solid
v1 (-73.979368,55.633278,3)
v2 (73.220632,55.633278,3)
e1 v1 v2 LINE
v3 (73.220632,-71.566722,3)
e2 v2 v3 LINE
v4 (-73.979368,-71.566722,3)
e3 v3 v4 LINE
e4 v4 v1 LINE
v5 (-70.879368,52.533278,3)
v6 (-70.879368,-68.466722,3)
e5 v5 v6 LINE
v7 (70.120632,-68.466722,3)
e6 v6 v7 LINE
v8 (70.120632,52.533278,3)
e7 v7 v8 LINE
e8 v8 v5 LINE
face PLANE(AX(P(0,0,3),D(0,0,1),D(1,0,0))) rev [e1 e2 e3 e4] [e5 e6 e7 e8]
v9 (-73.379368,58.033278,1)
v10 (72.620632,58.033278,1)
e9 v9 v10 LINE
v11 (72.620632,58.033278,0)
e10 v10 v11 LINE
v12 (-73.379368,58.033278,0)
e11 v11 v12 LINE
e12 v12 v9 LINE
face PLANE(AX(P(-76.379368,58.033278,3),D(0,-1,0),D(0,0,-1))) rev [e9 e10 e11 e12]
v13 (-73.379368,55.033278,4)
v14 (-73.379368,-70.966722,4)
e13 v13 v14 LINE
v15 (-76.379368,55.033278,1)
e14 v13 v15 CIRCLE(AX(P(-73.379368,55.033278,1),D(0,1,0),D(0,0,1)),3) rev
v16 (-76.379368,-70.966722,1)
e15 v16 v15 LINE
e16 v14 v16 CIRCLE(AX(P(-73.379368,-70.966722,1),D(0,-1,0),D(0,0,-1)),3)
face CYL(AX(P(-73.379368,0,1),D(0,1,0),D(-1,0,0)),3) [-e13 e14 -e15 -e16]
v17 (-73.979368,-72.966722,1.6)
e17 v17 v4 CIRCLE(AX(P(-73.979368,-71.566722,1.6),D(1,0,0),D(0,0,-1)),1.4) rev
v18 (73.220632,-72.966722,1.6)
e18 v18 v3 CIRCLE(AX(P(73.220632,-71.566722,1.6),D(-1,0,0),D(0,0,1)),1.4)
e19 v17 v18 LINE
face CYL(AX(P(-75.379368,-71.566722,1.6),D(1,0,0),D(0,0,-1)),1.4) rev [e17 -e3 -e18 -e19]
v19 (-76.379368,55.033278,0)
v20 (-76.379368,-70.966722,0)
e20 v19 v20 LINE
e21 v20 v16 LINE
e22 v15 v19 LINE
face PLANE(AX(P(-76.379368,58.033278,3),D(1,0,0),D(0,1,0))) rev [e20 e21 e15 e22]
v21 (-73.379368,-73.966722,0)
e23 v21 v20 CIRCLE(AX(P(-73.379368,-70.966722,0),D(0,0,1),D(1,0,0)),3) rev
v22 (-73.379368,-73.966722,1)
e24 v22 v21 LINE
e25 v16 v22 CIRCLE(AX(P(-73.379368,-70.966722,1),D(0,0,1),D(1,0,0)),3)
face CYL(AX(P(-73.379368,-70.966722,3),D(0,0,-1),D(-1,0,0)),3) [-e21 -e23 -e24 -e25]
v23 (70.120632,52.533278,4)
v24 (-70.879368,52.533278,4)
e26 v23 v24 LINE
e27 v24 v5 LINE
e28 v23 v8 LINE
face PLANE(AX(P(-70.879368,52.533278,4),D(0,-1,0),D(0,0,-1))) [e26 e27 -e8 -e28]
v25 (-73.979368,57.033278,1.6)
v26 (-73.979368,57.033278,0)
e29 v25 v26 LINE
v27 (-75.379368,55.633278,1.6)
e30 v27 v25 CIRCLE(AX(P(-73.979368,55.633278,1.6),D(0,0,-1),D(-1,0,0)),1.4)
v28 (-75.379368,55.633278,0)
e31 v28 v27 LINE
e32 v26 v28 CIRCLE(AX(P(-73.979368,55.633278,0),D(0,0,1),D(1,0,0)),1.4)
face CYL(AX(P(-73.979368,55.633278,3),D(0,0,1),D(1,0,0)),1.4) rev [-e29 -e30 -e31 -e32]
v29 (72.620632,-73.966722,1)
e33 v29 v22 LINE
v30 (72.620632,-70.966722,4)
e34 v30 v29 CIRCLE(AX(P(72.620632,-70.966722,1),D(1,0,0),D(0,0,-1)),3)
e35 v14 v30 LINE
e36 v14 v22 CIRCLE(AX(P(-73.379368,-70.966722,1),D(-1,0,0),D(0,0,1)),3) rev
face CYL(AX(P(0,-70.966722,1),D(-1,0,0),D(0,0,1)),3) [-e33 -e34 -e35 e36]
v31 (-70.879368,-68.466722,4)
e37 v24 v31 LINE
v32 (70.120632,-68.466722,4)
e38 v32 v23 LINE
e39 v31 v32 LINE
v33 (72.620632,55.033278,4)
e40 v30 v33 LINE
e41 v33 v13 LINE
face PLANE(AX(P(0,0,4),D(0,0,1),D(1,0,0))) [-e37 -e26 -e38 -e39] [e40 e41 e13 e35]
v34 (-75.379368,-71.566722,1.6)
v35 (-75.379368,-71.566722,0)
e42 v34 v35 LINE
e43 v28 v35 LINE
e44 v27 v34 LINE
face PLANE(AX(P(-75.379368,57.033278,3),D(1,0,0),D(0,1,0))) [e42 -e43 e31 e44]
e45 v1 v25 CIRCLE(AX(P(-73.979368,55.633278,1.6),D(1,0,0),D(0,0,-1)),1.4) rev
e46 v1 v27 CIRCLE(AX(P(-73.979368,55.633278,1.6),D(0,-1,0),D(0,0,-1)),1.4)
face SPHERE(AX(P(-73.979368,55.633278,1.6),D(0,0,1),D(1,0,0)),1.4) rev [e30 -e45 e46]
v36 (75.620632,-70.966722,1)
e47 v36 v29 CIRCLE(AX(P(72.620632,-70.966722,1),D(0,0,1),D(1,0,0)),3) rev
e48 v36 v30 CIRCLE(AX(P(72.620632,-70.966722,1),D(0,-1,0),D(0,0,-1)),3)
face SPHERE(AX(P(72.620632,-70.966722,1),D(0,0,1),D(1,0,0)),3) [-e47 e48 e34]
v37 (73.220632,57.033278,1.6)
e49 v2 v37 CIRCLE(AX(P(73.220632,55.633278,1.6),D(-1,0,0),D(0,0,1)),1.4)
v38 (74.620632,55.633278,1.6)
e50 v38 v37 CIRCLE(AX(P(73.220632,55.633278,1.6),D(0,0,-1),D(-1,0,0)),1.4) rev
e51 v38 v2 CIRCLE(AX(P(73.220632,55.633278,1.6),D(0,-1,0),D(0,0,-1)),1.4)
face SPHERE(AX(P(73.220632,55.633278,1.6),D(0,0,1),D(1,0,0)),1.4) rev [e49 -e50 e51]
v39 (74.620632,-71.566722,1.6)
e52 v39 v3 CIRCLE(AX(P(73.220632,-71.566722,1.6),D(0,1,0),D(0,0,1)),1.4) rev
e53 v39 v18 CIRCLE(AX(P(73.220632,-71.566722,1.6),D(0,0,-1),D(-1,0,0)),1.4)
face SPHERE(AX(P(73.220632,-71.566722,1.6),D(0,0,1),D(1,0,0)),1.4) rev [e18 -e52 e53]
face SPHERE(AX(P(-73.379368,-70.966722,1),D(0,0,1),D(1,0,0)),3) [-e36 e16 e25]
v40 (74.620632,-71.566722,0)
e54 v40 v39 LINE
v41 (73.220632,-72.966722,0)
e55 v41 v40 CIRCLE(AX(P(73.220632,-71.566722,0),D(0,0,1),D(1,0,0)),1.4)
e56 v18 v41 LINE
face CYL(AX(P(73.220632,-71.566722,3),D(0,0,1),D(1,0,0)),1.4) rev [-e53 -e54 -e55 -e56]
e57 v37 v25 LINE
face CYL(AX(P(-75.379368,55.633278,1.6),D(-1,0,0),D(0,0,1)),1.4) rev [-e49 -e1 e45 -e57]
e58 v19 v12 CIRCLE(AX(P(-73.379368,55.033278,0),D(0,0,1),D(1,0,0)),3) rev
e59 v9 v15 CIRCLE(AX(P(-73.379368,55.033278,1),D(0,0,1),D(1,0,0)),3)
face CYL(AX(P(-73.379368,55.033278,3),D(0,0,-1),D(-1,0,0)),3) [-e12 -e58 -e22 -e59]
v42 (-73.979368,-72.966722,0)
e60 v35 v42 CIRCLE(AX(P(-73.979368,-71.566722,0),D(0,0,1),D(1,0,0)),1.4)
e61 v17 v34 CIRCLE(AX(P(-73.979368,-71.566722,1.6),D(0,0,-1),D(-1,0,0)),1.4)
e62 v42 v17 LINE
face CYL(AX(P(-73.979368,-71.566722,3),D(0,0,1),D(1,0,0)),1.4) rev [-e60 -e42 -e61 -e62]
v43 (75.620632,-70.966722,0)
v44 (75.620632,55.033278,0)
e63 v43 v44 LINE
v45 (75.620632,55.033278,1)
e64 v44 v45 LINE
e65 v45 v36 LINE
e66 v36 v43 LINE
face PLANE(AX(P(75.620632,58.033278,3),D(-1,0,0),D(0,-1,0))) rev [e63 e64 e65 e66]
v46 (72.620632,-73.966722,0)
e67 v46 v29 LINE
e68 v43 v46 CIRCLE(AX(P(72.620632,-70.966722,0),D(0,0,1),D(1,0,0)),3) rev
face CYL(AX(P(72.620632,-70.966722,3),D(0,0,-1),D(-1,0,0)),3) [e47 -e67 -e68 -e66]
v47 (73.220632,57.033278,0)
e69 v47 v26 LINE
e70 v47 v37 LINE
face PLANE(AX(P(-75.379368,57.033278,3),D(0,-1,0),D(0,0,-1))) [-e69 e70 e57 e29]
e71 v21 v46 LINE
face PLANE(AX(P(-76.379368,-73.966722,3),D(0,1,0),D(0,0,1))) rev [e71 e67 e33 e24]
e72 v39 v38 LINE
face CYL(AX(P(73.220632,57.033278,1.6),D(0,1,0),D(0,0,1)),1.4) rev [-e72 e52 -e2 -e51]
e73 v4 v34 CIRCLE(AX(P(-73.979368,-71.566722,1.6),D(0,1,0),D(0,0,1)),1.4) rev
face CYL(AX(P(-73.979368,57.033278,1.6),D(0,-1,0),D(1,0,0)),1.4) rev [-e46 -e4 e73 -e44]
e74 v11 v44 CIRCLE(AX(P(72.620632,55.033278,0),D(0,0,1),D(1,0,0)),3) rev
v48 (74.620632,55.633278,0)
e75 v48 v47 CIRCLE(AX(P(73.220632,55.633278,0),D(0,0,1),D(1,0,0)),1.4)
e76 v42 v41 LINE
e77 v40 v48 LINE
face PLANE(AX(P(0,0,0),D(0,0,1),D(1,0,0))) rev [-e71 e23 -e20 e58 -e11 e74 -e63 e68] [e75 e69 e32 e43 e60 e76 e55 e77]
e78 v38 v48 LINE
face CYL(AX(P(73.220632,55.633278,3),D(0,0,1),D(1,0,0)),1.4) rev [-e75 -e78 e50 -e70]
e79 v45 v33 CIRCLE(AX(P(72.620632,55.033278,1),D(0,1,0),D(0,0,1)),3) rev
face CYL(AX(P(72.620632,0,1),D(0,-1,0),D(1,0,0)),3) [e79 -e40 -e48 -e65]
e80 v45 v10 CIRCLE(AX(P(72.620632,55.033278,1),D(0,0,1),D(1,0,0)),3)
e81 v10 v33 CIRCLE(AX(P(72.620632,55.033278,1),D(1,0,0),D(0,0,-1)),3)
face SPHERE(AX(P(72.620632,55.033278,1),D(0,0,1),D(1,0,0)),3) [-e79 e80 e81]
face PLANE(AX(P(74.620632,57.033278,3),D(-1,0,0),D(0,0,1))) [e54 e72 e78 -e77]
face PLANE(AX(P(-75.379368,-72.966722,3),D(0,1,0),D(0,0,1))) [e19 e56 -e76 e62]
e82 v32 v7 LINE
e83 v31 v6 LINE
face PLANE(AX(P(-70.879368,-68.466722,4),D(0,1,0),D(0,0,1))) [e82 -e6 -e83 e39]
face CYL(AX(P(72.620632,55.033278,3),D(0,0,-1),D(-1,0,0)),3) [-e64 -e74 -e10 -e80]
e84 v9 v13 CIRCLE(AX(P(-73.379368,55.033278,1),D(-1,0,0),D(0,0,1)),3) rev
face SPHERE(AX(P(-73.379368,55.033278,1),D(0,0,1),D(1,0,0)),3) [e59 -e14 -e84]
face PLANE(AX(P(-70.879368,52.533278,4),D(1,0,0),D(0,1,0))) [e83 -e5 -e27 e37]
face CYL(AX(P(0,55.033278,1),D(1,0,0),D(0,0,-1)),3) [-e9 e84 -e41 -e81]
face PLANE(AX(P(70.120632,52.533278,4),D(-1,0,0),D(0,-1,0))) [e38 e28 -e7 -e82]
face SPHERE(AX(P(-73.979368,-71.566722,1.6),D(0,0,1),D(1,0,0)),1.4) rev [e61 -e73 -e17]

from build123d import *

# Parameters (mm, degrees)
SKETCH1_W           = 152
SKETCH1_H           = 132
SKETCH1_W_2         = 150
SKETCH1_H_2         = 130
BOSS_EXTRUDE1_DEPTH = 3
SKETCH2_W           = 152
SKETCH2_H           = 132
SKETCH2_W_2         = 141
SKETCH2_H_2         = 121
BOSS_EXTRUDE2_DEPTH = 1
FILLET1_R           = 1.4
FILLET2_R           = 3


with BuildPart() as part:
    # Sketch1 → Boss-Extrude1 (new body)
    with BuildSketch(Plane.XY):
        with Locations((-0.37936772, -7.96672213)):
            Rectangle(SKETCH1_W, SKETCH1_H)
        with Locations((-0.37936772, -7.96672213)):
            Rectangle(SKETCH1_W_2, SKETCH1_H_2, mode=Mode.SUBTRACT)
    extrude(amount=BOSS_EXTRUDE1_DEPTH)

    # Sketch2 → Boss-Extrude2 (add)
    with BuildSketch(Plane.XY.offset(3)):
        with Locations((-0.37936772, -7.96672213)):
            Rectangle(SKETCH2_W, SKETCH2_H)
        with Locations((-0.37936772, -7.96672213)):
            Rectangle(SKETCH2_W_2, SKETCH2_H_2, mode=Mode.SUBTRACT)
    extrude(amount=BOSS_EXTRUDE2_DEPTH)

    # Fillet1
    fillet1_edges = [part.edges().sort_by_distance(p)[0] for p in [
        (-75.37936772, 57.03327787, 1.5),
        (-75.37936772, -72.96672213, 1.5),
        (74.62063228, -72.96672213, 1.5),
        (74.62063228, 57.03327787, 1.5),
        (-75.37936772, -7.96672213, 3),
        (-0.37936772, -72.96672213, 3),
        (74.62063228, -7.96672213, 3),
        (-0.37936772, 57.03327787, 3),
    ]]
    fillet(fillet1_edges, radius=FILLET1_R)

    # Fillet2
    fillet2_edges = [part.edges().sort_by_distance(p)[0] for p in [
        (-76.37936772, -7.96672213, 4),
        (-0.37936772, -73.96672213, 4),
        (75.62063228, -7.96672213, 4),
        (-0.37936772, 58.03327787, 4),
        (-76.37936772, 58.03327787, 2),
        (75.62063228, 58.03327787, 2),
        (75.62063228, -73.96672213, 2),
        (-76.37936772, -73.96672213, 2),
    ]]
    fillet(fillet2_edges, radius=FILLET2_R)


solid = part.part
